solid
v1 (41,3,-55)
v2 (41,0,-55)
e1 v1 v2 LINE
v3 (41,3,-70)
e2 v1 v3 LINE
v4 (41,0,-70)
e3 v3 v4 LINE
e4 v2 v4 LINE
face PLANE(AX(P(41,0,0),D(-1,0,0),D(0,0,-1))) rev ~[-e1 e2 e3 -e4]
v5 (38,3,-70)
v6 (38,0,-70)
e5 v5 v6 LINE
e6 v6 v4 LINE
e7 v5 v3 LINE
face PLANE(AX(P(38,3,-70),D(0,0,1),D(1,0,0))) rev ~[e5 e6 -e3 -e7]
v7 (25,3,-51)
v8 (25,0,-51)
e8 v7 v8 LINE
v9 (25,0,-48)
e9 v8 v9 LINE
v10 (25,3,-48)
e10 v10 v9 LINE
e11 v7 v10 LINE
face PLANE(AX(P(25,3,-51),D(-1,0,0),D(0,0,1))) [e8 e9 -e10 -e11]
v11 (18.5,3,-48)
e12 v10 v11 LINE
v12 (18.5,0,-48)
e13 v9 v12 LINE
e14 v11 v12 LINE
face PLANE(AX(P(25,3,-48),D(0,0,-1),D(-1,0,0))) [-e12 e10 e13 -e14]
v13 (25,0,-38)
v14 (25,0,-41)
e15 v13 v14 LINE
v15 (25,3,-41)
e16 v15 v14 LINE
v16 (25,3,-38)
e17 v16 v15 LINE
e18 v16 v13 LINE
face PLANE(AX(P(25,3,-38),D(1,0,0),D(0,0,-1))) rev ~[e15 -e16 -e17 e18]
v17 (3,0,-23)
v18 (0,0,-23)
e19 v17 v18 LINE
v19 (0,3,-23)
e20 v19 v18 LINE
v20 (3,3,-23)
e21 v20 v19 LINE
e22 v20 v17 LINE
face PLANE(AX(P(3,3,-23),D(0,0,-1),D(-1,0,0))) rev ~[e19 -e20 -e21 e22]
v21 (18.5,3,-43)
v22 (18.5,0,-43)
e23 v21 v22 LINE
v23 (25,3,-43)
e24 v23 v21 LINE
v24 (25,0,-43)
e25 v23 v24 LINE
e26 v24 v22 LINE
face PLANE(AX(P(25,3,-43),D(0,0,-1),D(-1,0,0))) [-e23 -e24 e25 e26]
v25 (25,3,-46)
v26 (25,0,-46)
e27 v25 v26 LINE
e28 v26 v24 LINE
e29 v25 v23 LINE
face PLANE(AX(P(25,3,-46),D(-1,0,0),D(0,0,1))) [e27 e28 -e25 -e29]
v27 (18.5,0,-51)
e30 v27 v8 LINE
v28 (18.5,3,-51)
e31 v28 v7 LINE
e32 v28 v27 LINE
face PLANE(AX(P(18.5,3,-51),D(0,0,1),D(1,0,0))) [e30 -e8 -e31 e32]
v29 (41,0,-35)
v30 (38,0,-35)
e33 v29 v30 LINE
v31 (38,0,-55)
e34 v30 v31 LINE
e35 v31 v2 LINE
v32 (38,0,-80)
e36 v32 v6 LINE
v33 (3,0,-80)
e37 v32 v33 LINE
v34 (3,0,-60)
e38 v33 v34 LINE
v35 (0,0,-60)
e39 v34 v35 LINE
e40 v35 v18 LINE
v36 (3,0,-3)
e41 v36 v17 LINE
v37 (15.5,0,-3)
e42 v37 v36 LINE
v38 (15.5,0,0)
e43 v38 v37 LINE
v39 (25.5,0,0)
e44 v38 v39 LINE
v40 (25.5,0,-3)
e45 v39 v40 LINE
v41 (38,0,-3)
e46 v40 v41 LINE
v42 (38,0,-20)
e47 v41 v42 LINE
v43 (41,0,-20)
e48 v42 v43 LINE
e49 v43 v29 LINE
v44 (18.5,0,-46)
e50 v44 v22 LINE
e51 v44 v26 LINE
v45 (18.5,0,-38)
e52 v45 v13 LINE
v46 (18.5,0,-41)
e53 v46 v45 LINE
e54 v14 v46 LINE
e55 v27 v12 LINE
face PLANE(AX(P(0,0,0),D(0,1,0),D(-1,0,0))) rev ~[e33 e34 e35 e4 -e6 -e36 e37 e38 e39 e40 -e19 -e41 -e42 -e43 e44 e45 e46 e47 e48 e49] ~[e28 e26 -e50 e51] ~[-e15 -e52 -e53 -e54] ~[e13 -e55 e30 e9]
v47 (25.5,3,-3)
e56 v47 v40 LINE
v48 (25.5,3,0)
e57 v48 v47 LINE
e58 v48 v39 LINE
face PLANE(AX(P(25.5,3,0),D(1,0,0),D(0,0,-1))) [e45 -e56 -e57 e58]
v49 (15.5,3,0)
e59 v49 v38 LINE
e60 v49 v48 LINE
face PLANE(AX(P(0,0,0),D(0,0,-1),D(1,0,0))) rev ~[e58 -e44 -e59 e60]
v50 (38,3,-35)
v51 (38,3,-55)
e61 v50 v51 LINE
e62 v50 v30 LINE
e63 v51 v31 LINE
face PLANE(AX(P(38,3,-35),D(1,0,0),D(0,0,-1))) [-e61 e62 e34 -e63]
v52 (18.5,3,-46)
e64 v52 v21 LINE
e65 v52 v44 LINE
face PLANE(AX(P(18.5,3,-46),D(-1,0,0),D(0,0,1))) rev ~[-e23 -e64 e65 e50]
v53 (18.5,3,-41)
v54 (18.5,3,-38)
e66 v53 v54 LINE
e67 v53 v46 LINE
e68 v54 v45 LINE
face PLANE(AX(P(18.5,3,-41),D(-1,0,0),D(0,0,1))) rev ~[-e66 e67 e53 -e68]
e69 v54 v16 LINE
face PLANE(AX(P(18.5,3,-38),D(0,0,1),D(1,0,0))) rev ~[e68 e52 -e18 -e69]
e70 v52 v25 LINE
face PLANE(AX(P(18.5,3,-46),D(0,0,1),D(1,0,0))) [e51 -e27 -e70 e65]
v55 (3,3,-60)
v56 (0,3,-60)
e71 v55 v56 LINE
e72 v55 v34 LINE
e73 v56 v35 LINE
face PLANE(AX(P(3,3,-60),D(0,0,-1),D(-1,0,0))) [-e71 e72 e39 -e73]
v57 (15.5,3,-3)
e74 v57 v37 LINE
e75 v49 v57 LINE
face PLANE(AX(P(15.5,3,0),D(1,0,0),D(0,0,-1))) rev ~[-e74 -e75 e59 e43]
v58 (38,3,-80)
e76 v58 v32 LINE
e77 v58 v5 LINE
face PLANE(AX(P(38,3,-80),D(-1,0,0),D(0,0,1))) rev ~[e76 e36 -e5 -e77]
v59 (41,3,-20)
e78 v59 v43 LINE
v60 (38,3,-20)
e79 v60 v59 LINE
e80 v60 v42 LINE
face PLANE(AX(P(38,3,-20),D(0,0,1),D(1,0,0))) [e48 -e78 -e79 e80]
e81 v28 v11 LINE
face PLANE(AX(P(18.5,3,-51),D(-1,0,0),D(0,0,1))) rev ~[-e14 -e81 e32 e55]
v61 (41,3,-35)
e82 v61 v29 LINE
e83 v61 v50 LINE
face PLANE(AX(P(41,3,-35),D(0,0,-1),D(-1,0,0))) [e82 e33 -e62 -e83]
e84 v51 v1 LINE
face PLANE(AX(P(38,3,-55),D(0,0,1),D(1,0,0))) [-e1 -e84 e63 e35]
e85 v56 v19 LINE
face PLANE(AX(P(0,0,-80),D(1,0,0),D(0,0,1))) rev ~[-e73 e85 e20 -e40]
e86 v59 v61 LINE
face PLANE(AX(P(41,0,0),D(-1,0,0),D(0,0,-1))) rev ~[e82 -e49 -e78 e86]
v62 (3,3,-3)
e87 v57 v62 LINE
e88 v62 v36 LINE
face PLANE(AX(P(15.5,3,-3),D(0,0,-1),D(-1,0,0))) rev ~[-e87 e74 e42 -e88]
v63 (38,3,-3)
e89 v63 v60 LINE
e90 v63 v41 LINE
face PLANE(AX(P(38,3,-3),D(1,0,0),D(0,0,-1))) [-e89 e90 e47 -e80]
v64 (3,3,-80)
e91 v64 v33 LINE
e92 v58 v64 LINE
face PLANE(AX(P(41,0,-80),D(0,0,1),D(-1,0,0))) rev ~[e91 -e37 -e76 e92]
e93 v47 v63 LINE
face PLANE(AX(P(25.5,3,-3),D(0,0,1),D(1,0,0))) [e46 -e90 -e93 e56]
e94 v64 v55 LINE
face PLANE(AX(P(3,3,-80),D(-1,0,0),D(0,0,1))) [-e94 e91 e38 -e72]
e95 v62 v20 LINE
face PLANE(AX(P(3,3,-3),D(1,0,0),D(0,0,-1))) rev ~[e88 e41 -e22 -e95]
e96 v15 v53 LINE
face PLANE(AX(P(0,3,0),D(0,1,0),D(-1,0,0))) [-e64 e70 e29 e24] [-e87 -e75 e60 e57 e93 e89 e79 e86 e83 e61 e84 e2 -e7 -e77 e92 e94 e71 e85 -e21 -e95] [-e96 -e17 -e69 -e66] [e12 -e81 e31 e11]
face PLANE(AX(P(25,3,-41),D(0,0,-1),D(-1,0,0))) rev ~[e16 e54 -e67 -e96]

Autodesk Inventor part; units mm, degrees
ref_plane "YZ Plane" through (0, 0, 0) normal (1, 0, 0) x (0, 1, 0)
ref_plane "XZ Plane" through (0, 0, 0) normal (0, 1, 0) x (-1, 0, 0)
ref_plane "XY Plane" through (0, 0, 0) normal (0, 0, 1) x (1, 0, 0)
sketch "Sketch1" plane through (0, 0, 0) normal (0, 1, 0) x (-1, 0, 0)
  line L0 (0, 0) -> (-41, 0)
  line L1 (-41, 0) -> (-41, -80)
  line L2 (-41, -80) -> (0, -80)
  line L3 (0, -80) -> (0, 0)
  dimension "d0" = 41
  dimension "d1" = 80
extrude "Extrusion1" add sketch "Sketch1" along normal blind 3
sketch "Sketch2" plane through (0, 3, 0) normal (0, 1, 0) x (1, 0, 0)
  line L0 (0, 0) -> (41, 0) projected
  line L1 (41, 0) -> (25.5, 0)
  line L2 (25.5, 0) -> (25.5, 3)
  line L3 (25.5, 3) -> (41, 3)
  line L4 (41, 3) -> (41, 0)
  line L5 (0, 0) -> (15.5, 0)
  line L6 (15.5, 0) -> (15.5, 3)
  line L7 (15.5, 3) -> (0, 3)
  line L8 (0, 3) -> (0, 0)
  line L9 (0, 3) -> (3, 3)
  line L10 (3, 3) -> (3, 23)
  line L11 (3, 23) -> (0, 23)
  line L12 (0, 23) -> (0, 3)
  line L13 (41, 80) -> (0, 80) projected
  line L14 (0, 80) -> (3, 80)
  line L15 (3, 80) -> (3, 60)
  line L16 (3, 60) -> (0, 60)
  line L17 (0, 60) -> (0, 80)
  line L18 (41, 3) -> (38, 3)
  line L19 (38, 3) -> (38, 20)
  line L20 (38, 20) -> (41, 20)
  line L21 (41, 20) -> (41, 3)
  line L22 (41, 0) -> (41, 80) projected
  line L23 (41, 35) -> (38, 35)
  line L24 (38, 35) -> (38, 55)
  line L25 (38, 55) -> (41, 55)
  line L26 (41, 55) -> (41, 35)
  line L27 (41, 80) -> (38, 80)
  line L28 (38, 80) -> (38, 70)
  line L29 (38, 70) -> (41, 70)
  line L30 (41, 70) -> (41, 80)
  dimension "d4" = 15.5
  dimension "d5" = 3
  dimension "d6" = 3
  dimension "d7" = 10
  dimension "d8" = 3
  dimension "d9" = 20
  dimension "d10" = 3
  dimension "d11" = 20
  dimension "d12" = 3
  dimension "d13" = 17
  dimension "d14" = 3
  dimension "d15" = 20
  dimension "d16" = 15
  dimension "d17" = 3
  dimension "d18" = 15
extrude "Extrusion2" cut sketch "Sketch2" against normal through all
sketch "Sketch3" plane through (0, 3, 0) normal (0, 1, 0) x (1, 0, 0)
  line L0 (0, 51) -> (18.5, 51)
  line L1 (18.5, 51) -> (18.5, 38)
  line L2 (18.5, 38) -> (0, 38)
  line L3 (0, 38) -> (0, 51)
  line L4 (15.5, 0) -> (25.5, 0) projected
  line L5 (18.5, 38) -> (25, 38)
  line L6 (25, 38) -> (25, 41)
  line L7 (25, 41) -> (18.5, 41)
  line L8 (18.5, 41) -> (18.5, 38)
  line L9 (18.5, 51) -> (25, 51)
  line L10 (25, 51) -> (25, 48)
  line L11 (25, 48) -> (18.5, 48)
  line L12 (18.5, 48) -> (18.5, 51)
  line L13 (18.5, 46) -> (25, 46)
  line L14 (25, 46) -> (25, 43)
  line L15 (25, 43) -> (18.5, 43)
  line L16 (18.5, 43) -> (18.5, 46)
  point P0 (0, 0)
  dimension "d21" = 18.5
  dimension "d22" = 13
  dimension "d23" = 38
  dimension "d24" = 6.5
  dimension "d25" = 3
  dimension "d26" = 6.5
  dimension "d27" = 3
  dimension "d28" = 6.5
  dimension "d29" = 3
  dimension "d30" = 2
extrude "Extrusion3" cut sketch "Sketch3" against normal through all contours L9 L10 L11 L1 | L1 L7 L6 L5 | L13 L14 L15 L1
equation "\"d28\" = d24"
equation "\"d29\" = d27"
properties part number "top_right_v2"
